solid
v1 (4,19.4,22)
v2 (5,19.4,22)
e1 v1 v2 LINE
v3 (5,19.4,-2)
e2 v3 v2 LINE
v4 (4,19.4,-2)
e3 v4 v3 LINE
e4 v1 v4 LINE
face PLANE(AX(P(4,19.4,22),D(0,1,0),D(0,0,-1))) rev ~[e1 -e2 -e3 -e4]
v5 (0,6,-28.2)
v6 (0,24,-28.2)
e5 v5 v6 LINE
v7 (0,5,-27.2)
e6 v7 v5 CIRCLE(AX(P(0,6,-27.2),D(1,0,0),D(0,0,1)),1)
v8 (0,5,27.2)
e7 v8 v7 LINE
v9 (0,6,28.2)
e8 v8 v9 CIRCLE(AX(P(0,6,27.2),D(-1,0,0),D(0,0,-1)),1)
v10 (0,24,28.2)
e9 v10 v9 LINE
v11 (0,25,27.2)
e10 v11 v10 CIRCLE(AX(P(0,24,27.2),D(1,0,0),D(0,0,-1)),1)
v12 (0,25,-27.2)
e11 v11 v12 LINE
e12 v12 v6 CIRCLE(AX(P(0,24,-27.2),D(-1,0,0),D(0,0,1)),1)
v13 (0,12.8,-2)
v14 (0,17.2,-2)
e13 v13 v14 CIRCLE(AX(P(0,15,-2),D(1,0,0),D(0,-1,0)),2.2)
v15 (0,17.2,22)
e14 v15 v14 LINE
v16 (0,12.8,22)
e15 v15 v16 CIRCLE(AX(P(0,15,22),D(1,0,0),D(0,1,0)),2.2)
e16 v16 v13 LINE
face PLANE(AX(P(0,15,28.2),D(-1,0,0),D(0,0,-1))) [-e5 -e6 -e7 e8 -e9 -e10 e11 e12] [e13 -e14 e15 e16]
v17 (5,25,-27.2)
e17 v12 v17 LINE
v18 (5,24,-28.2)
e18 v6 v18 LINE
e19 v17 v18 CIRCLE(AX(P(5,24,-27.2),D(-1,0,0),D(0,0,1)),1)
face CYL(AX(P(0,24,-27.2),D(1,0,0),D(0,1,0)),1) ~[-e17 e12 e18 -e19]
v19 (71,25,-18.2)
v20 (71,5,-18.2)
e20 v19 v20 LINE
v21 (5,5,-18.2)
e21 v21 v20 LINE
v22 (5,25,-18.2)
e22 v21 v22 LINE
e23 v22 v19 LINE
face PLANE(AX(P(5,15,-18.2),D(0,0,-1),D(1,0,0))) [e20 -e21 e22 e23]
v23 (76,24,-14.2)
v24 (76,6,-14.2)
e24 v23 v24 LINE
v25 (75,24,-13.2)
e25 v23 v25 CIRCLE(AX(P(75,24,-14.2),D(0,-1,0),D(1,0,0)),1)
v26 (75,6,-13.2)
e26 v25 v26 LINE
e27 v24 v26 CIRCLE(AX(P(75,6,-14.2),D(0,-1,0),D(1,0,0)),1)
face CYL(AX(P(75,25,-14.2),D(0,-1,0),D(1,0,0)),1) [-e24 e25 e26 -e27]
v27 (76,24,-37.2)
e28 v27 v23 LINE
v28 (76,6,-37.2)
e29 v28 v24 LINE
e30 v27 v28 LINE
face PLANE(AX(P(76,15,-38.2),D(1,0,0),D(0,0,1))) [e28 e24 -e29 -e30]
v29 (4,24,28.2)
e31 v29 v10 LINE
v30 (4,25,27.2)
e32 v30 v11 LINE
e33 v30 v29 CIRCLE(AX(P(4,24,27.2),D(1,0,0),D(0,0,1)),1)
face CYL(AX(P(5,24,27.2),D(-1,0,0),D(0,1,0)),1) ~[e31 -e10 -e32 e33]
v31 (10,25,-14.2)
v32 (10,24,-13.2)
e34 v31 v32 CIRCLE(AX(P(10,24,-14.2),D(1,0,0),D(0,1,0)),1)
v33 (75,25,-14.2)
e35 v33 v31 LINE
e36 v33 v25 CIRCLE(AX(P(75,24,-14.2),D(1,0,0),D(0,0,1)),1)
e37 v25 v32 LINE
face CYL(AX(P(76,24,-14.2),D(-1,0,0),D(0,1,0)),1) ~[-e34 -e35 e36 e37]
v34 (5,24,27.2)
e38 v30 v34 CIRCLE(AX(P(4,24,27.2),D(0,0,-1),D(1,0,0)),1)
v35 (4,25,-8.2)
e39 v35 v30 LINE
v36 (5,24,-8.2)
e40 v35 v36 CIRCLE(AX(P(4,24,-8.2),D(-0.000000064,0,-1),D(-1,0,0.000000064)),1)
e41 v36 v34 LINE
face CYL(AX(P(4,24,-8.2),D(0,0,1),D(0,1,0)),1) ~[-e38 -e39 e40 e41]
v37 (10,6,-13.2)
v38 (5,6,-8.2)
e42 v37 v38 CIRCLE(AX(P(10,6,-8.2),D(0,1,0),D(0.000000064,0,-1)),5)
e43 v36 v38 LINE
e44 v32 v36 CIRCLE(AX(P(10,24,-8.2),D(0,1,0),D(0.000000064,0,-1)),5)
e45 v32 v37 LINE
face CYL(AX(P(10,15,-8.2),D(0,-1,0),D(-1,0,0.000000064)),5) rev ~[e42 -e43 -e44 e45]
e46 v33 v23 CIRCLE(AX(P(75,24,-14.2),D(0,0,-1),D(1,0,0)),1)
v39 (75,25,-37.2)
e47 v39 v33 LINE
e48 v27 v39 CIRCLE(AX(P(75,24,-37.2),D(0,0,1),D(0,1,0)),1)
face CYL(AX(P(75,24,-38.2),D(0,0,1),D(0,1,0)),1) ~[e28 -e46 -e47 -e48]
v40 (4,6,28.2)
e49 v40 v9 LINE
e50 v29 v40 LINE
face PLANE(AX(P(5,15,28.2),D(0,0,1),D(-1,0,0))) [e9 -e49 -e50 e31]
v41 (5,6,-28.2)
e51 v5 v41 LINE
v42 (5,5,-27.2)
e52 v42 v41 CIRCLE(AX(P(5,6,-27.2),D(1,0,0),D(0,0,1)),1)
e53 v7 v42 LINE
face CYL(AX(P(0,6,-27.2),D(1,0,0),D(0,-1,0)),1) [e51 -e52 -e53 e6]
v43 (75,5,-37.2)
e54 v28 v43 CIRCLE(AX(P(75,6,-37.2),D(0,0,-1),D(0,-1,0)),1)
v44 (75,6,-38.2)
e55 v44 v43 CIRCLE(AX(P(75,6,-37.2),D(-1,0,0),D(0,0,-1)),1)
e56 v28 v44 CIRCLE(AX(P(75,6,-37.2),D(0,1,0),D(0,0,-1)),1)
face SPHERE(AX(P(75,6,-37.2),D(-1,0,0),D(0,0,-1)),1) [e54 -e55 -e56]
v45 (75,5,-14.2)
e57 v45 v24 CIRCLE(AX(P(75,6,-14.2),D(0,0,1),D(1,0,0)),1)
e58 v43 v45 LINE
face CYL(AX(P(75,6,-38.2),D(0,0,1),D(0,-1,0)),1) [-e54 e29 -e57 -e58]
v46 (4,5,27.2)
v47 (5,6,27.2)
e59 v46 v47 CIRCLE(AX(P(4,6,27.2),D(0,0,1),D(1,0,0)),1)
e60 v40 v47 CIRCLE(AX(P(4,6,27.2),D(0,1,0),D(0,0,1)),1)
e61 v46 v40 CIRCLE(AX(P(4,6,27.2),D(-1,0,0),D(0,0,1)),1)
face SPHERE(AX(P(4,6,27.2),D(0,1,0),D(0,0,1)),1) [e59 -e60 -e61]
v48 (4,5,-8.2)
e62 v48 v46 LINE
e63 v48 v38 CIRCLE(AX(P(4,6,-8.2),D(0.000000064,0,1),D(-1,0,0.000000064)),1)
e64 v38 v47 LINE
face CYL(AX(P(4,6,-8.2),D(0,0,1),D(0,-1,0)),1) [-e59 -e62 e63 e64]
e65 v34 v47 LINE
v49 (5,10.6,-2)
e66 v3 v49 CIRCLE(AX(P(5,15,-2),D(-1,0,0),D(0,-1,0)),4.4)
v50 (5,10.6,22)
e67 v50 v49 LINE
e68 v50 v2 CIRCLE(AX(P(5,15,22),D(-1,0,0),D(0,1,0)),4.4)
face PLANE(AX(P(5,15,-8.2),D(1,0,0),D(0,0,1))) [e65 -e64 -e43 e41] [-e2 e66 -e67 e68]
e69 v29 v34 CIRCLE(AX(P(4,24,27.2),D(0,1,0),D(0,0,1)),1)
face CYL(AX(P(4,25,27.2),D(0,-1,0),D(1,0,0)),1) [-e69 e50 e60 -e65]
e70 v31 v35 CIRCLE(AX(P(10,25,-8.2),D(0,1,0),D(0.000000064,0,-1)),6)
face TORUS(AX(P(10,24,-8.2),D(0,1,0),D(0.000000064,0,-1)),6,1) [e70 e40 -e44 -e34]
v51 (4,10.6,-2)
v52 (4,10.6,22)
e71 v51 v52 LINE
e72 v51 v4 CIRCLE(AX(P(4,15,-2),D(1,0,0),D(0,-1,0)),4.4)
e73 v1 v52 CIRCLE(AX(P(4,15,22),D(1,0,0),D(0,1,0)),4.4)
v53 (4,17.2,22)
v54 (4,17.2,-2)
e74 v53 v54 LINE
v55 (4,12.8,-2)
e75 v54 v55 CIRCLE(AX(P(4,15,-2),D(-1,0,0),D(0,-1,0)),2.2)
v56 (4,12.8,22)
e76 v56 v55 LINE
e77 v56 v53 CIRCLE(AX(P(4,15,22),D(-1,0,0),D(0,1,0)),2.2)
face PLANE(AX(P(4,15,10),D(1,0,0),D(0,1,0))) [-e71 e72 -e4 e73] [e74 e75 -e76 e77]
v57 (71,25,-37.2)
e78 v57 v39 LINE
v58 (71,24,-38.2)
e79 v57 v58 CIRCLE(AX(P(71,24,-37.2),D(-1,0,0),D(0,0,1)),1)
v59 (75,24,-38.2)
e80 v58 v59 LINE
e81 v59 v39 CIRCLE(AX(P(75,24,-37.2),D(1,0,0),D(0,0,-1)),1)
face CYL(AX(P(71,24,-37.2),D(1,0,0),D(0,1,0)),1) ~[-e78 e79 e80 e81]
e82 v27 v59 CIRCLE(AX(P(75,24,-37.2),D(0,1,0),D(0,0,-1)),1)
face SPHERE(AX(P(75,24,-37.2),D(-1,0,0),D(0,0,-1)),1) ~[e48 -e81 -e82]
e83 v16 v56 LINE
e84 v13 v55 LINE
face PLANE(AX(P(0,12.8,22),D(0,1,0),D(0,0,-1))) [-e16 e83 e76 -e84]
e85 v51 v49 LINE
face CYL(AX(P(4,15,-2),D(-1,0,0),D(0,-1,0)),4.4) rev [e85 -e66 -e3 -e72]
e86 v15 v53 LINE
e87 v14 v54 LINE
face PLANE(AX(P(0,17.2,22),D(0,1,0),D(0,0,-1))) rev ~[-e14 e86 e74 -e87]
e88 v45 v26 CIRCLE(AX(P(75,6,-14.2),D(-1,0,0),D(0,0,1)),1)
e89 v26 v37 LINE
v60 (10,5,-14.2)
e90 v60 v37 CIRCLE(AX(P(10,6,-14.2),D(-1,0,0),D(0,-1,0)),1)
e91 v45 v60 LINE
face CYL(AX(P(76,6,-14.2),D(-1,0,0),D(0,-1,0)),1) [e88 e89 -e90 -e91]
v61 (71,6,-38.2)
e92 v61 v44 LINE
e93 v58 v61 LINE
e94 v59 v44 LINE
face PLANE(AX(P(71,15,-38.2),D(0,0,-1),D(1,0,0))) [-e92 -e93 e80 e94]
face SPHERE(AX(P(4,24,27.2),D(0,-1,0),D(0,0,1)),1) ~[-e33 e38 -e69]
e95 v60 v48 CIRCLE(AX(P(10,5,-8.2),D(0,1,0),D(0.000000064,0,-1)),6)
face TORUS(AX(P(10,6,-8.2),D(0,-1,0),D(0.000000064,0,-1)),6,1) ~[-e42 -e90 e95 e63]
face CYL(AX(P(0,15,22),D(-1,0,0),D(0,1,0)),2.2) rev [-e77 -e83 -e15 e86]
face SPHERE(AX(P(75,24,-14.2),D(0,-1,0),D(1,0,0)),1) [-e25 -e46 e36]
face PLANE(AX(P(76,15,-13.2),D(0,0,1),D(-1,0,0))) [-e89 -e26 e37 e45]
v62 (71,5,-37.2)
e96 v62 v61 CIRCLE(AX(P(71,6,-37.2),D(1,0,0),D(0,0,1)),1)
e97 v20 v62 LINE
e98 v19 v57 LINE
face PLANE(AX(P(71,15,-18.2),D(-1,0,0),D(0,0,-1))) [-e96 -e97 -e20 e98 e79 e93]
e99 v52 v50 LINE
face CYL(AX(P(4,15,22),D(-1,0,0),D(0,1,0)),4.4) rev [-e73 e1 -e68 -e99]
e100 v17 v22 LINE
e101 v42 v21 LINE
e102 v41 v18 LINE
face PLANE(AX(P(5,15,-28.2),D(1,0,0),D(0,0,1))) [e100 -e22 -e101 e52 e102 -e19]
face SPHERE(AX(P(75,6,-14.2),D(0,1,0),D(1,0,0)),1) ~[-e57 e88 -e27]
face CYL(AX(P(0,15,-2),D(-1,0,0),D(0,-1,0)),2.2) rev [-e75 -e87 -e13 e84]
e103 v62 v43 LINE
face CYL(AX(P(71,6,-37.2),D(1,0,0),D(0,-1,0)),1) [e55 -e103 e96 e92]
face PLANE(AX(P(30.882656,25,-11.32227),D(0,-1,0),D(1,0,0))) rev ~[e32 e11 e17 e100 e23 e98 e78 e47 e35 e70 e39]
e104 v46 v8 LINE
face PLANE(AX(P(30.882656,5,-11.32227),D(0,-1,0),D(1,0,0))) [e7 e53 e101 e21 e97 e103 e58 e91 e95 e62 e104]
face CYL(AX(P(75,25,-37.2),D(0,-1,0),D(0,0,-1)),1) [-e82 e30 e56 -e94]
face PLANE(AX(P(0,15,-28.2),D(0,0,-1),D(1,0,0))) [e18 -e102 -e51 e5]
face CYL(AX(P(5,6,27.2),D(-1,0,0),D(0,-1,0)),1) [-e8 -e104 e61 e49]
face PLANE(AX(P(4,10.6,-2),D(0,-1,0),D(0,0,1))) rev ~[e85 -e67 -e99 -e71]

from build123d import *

# Parameters (mm, degrees)
PAD001_DEPTH    = 10
POCKET002_DEPTH = 76.001
POCKET003_DEPTH = 72.001
FILLET001_R     = 1


with BuildPart() as part:
    # Sketch003 → Pad001 (new body, symmetric)
    with BuildSketch(Plane.XZ):
        with BuildLine():
            Line((5, -18.2), (71, -18.2))
            Line((71, -18.2), (71, -38.2))
            Line((71, -38.2), (76, -38.2))
            Line((76, -38.2), (76, -13.2))
            Line((76, -13.2), (10, -13.2))
            ThreePointArc((5, -8.2), (6.464466, -11.735534), (10, -13.2))
            Line((5, -8.2), (5, 28.2))
            Line((5, 28.2), (0, 28.2))
            Line((0, 28.2), (0, -28.2))
            Line((0, -28.2), (5, -28.2))
            Line((5, -28.2), (5, -18.2))
        make_face()
    extrude(amount=PAD001_DEPTH, both=True)

    # Sketch004 → Pocket002 (cut, through all)
    with BuildSketch(Plane.YZ):
        with BuildLine():
            ThreePointArc((2.2, 22), (0, 24.2), (-2.2, 22))
            Line((-2.2, 22), (-2.2, -2))
            ThreePointArc((-2.2, -2), (0, -4.2), (2.2, -2))
            Line((2.2, 22), (2.2, -2))
        make_face()
    extrude(amount=POCKET002_DEPTH, mode=Mode.SUBTRACT)

    # Sketch005 → Pocket003 (cut, through all)
    with BuildSketch(Plane.YZ.offset(4)):
        with BuildLine():
            ThreePointArc((4.4, 22), (0, 26.4), (-4.4, 22))
            Line((-4.4, -2), (-4.4, 22))
            ThreePointArc((-4.4, -2), (0, -6.4), (4.4, -2))
            Line((4.4, 22), (4.4, -2))
        make_face()
    extrude(amount=POCKET003_DEPTH, mode=Mode.SUBTRACT)

    # Fillet001
    fillet001_edges = [part.edges().sort_by_distance(p)[0] for p in [
        (5, 0, 28.2),
        (2.5, -10, 28.2),
        (2.5, 10, 28.2),
        (2.5, -10, -28.2),
        (2.5, 10, -28.2),
        (73.5, -10, -38.2),
        (73.5, 10, -38.2),
        (76, 0, -38.2),
        (76, 0, -13.2),
        (76, 10, -25.7),
        (76, -10, -25.7),
        (10, 0, -13.2),
        (43, 10, -13.2),
        (43, -10, -13.2),
    ]]
    fillet(fillet001_edges, radius=FILLET001_R)


with BuildPart() as part_1:
    # Body001 placement: moved
    add(part.part.moved(Location((0, 15, 0))))


solid = part_1.part
